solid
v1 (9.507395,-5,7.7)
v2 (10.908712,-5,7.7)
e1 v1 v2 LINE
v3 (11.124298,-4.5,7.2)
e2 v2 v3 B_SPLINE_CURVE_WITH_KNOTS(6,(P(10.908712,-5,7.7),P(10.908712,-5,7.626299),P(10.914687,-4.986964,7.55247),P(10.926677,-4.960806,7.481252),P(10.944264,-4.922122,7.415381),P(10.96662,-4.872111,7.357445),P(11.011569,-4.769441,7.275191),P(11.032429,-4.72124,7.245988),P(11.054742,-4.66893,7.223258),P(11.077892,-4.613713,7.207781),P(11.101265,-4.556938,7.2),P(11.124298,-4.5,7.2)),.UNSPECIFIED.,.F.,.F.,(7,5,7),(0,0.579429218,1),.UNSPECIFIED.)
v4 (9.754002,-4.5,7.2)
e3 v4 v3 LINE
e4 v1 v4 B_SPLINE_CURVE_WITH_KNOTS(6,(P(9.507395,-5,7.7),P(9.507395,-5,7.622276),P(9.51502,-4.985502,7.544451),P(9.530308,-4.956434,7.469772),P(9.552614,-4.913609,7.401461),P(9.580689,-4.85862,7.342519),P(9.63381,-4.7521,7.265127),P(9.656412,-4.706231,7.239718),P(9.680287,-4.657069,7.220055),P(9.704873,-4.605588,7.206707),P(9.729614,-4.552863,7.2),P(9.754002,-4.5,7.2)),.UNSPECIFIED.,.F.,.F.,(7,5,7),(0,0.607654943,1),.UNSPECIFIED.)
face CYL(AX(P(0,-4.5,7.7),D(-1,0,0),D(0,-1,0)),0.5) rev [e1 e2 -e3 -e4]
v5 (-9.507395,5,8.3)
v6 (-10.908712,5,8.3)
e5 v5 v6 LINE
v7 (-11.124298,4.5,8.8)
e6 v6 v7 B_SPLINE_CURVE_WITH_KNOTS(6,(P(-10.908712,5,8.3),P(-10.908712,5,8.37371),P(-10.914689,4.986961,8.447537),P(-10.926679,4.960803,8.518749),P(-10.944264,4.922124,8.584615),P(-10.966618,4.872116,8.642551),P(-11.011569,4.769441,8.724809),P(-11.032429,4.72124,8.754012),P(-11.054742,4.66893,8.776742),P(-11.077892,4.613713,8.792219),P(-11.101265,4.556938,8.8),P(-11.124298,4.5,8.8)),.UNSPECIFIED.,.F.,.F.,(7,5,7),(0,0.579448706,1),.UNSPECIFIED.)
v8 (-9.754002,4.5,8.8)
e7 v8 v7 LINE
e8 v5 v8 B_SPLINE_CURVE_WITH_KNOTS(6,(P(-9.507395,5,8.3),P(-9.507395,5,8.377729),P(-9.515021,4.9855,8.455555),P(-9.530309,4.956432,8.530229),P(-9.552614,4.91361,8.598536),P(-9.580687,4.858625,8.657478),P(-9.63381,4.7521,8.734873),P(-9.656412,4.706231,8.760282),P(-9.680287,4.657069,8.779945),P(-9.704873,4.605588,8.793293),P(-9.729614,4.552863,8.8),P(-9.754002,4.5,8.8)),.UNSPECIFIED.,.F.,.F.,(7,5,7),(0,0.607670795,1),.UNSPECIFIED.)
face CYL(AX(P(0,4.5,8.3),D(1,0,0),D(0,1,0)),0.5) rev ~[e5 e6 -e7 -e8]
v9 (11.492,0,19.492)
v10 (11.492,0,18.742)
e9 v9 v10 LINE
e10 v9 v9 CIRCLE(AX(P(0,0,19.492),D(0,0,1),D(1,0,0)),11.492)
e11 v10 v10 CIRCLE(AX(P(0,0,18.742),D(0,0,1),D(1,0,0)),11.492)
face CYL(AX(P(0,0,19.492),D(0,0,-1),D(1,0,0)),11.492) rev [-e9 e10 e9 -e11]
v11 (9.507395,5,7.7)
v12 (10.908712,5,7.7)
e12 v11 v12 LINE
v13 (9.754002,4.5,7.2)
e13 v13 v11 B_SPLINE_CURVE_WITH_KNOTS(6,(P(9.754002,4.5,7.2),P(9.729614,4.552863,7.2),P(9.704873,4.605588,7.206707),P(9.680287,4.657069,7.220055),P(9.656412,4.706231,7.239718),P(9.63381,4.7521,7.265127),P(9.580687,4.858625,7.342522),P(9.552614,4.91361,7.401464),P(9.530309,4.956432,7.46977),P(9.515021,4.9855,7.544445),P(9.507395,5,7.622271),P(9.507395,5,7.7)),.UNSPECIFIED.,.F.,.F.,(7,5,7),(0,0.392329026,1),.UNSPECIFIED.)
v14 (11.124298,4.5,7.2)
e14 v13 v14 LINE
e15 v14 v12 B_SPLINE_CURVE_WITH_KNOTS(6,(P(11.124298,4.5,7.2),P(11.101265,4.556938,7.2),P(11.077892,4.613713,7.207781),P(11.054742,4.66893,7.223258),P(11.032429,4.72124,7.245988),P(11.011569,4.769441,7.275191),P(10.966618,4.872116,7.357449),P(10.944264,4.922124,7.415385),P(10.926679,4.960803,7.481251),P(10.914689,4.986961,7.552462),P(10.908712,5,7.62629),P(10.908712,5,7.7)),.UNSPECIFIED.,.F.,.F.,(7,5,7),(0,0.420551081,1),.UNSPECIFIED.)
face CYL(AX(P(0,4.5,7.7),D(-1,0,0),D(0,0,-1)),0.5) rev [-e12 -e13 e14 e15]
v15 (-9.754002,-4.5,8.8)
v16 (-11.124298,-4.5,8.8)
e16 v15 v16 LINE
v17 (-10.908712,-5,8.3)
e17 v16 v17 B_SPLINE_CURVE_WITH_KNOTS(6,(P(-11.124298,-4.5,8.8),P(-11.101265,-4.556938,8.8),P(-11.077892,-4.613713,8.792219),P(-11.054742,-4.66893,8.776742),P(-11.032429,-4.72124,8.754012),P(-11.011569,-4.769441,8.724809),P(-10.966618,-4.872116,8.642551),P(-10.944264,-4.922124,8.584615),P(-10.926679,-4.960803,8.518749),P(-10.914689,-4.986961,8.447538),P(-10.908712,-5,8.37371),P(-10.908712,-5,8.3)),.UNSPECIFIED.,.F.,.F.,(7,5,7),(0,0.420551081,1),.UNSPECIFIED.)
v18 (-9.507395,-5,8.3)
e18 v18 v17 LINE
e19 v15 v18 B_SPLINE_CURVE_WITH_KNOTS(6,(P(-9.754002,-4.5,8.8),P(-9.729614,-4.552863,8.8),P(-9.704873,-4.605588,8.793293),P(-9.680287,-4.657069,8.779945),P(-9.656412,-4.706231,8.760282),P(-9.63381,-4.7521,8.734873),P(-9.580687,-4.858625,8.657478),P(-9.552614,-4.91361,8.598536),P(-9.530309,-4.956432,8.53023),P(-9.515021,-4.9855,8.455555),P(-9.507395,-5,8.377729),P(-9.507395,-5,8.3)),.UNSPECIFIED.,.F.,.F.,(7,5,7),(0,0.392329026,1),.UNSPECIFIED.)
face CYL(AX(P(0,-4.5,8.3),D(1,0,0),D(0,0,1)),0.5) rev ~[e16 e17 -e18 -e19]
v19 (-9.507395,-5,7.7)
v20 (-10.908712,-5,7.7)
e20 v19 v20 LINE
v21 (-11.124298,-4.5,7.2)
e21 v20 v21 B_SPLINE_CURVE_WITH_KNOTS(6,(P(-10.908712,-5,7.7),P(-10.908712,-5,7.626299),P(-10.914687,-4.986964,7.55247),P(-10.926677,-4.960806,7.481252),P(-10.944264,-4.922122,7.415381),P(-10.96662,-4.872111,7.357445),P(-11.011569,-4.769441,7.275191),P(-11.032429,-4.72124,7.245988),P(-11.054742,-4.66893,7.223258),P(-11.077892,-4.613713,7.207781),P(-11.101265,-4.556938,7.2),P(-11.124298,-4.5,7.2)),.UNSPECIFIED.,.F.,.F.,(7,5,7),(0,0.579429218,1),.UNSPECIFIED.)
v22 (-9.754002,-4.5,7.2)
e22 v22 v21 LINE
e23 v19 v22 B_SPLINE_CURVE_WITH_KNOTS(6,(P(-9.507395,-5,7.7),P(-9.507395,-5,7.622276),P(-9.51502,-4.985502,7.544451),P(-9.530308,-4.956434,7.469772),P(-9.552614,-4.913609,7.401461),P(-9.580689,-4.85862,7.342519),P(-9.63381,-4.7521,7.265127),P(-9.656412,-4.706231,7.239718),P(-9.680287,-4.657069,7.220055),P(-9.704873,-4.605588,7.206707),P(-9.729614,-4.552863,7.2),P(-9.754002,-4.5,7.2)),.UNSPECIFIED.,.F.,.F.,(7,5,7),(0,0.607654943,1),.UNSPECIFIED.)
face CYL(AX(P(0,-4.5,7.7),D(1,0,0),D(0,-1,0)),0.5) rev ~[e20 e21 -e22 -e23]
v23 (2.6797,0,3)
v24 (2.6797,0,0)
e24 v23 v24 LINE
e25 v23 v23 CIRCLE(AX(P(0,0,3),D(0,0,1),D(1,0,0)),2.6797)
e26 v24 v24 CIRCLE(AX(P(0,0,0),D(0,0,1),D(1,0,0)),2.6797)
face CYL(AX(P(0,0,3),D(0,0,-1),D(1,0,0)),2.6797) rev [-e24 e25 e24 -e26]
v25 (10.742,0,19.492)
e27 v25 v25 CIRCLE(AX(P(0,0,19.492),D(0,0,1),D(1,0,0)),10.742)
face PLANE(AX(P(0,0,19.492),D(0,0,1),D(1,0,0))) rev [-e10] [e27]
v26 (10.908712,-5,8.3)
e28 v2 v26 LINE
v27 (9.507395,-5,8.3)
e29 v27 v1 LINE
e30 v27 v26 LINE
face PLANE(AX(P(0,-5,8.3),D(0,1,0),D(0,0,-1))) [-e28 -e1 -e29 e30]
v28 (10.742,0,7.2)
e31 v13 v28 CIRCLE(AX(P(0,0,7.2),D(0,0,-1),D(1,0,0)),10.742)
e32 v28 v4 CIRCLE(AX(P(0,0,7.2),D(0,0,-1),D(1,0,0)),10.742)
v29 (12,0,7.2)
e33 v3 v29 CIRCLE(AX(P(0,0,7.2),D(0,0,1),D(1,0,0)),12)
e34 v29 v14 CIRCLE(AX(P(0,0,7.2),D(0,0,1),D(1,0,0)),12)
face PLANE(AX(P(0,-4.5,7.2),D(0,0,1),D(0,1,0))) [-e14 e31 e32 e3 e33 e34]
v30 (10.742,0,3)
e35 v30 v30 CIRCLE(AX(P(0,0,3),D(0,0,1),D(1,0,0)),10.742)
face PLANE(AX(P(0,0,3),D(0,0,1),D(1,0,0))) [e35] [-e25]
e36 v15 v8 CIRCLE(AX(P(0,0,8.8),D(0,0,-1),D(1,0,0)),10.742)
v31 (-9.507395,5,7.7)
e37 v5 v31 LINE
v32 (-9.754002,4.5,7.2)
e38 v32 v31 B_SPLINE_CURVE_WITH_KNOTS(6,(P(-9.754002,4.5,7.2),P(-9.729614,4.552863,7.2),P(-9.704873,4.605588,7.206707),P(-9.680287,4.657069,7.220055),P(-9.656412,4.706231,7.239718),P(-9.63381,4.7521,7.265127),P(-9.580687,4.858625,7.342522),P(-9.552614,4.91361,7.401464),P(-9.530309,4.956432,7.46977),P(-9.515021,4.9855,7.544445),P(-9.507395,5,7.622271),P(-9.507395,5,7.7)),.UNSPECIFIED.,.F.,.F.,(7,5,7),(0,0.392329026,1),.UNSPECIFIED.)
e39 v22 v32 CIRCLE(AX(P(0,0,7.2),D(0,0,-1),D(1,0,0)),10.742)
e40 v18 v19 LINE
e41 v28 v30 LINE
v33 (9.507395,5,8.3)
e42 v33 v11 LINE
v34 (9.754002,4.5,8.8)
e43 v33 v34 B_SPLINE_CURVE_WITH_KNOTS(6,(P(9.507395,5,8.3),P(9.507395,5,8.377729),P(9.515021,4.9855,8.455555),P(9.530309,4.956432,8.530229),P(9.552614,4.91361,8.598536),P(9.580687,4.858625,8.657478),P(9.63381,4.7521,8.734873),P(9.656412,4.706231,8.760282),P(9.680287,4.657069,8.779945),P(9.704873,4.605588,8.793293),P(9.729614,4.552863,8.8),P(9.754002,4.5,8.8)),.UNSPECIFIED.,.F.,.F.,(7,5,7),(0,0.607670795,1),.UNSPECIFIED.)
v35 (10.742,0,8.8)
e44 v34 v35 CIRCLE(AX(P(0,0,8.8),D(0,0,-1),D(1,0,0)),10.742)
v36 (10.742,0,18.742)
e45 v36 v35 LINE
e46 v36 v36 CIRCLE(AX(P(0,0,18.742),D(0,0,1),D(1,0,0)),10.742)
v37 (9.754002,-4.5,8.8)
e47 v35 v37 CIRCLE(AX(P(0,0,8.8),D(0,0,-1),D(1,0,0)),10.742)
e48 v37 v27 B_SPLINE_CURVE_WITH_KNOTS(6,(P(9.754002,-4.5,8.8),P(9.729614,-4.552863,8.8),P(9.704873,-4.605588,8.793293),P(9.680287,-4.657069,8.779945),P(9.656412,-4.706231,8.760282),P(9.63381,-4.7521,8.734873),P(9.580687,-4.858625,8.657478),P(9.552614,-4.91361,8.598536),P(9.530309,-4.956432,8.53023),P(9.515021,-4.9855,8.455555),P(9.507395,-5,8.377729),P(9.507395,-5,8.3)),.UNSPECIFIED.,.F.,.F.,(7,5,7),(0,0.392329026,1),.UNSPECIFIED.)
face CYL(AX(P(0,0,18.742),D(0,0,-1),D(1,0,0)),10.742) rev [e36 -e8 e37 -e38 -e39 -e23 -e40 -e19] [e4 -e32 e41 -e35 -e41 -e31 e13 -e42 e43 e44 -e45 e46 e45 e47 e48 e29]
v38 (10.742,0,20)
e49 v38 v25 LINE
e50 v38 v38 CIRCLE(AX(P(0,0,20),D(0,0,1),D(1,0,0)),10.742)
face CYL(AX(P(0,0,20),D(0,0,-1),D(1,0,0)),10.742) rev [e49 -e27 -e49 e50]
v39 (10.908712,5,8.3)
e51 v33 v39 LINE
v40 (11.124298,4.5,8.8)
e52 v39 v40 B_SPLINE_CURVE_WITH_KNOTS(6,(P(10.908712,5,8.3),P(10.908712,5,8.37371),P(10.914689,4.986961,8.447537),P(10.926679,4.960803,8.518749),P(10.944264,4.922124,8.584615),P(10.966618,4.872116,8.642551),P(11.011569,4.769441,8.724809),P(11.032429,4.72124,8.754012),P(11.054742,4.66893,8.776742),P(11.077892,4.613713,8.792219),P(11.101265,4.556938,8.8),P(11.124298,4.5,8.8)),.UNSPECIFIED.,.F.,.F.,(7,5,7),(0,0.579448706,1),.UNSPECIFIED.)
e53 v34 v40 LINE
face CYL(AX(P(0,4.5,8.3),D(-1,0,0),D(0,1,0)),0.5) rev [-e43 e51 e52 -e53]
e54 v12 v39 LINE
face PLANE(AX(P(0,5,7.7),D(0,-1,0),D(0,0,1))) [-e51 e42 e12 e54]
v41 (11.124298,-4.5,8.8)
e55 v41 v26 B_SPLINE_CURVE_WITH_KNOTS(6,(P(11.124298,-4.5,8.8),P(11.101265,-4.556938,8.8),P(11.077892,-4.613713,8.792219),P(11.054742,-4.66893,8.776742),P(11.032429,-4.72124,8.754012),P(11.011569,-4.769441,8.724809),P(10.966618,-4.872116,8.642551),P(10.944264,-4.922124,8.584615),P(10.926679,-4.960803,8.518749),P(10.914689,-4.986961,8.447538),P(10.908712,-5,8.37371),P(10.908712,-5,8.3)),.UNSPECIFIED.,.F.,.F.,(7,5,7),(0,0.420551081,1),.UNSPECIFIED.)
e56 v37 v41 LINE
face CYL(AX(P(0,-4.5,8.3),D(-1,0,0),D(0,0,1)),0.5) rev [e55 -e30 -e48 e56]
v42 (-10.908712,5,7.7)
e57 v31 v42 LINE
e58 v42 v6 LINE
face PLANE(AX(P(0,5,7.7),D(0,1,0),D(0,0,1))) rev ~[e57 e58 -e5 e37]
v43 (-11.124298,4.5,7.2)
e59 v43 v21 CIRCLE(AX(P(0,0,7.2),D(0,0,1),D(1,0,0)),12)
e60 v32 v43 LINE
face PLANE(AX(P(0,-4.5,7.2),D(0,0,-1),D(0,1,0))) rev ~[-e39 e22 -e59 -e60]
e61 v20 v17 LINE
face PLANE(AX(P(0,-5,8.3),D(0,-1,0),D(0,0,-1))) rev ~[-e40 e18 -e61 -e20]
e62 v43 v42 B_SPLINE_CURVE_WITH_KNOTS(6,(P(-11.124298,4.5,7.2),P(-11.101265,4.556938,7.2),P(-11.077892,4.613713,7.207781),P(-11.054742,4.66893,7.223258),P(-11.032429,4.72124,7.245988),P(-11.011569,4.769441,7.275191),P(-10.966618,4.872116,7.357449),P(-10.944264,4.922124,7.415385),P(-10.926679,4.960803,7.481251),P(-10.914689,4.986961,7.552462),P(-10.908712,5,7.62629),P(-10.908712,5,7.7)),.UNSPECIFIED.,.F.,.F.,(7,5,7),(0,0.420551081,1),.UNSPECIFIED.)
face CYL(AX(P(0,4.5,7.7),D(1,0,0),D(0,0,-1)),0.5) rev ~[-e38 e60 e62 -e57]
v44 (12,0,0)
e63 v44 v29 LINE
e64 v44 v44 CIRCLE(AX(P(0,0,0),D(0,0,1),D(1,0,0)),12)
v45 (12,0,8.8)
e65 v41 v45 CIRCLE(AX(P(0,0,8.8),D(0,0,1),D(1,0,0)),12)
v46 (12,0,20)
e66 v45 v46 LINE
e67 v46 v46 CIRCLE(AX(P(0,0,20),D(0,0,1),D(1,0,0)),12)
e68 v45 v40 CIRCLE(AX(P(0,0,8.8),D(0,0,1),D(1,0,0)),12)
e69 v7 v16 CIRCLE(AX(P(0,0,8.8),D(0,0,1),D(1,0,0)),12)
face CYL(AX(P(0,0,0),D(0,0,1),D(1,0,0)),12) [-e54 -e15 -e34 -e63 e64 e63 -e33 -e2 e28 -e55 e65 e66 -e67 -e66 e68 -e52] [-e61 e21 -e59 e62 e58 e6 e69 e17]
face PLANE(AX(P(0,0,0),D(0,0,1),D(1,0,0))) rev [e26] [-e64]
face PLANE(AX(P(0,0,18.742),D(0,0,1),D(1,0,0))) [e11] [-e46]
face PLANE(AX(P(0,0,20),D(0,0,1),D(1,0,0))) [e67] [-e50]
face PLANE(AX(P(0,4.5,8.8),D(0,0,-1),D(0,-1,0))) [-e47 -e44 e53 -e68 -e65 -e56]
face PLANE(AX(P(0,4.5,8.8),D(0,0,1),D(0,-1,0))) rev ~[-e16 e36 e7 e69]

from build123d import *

# Parameters (mm, degrees)
F3_DEPTH      = 12.001
F3_DEPTH_BACK = 12.001


with BuildPart() as f1:
    # F0 (on Front) → F1 (revolve)
    with BuildSketch(Plane.XZ):
        Polygon((2.6797, 3), (2.6797, 0), (12, 0), (12, 20), (10.742, 20), (10.742, 19.492), (11.492, 19.492), (11.492, 18.742), (10.742, 18.742), (10.742, 3), align=None)
    revolve(axis=Axis((0, 0, 7.5389798731), (0, 0, 1)))

    # F2 (on Right) → F3 (cut, two sides)
    with BuildSketch(Plane.YZ) as f3_sk:
        with BuildLine():
            ThreePointArc((5, 8.3), (4.8535533906, 8.6535533906), (4.5, 8.8))
            Line((4.5, 8.8), (-4.5, 8.8))
            ThreePointArc((-4.5, 8.8), (-4.8535533906, 8.6535533906), (-5, 8.3))
            Line((-5, 8.3), (-5, 7.7))
            ThreePointArc((-5, 7.7), (-4.8535533906, 7.3464466094), (-4.5, 7.2))
            Line((-4.5, 7.2), (4.5, 7.2))
            ThreePointArc((4.5, 7.2), (4.8535533906, 7.3464466094), (5, 7.7))
            Line((5, 7.7), (5, 8.3))
        make_face()
    extrude(amount=-F3_DEPTH, mode=Mode.SUBTRACT)
    extrude(f3_sk.sketch, amount=F3_DEPTH_BACK, mode=Mode.SUBTRACT)


solid = f1.part
